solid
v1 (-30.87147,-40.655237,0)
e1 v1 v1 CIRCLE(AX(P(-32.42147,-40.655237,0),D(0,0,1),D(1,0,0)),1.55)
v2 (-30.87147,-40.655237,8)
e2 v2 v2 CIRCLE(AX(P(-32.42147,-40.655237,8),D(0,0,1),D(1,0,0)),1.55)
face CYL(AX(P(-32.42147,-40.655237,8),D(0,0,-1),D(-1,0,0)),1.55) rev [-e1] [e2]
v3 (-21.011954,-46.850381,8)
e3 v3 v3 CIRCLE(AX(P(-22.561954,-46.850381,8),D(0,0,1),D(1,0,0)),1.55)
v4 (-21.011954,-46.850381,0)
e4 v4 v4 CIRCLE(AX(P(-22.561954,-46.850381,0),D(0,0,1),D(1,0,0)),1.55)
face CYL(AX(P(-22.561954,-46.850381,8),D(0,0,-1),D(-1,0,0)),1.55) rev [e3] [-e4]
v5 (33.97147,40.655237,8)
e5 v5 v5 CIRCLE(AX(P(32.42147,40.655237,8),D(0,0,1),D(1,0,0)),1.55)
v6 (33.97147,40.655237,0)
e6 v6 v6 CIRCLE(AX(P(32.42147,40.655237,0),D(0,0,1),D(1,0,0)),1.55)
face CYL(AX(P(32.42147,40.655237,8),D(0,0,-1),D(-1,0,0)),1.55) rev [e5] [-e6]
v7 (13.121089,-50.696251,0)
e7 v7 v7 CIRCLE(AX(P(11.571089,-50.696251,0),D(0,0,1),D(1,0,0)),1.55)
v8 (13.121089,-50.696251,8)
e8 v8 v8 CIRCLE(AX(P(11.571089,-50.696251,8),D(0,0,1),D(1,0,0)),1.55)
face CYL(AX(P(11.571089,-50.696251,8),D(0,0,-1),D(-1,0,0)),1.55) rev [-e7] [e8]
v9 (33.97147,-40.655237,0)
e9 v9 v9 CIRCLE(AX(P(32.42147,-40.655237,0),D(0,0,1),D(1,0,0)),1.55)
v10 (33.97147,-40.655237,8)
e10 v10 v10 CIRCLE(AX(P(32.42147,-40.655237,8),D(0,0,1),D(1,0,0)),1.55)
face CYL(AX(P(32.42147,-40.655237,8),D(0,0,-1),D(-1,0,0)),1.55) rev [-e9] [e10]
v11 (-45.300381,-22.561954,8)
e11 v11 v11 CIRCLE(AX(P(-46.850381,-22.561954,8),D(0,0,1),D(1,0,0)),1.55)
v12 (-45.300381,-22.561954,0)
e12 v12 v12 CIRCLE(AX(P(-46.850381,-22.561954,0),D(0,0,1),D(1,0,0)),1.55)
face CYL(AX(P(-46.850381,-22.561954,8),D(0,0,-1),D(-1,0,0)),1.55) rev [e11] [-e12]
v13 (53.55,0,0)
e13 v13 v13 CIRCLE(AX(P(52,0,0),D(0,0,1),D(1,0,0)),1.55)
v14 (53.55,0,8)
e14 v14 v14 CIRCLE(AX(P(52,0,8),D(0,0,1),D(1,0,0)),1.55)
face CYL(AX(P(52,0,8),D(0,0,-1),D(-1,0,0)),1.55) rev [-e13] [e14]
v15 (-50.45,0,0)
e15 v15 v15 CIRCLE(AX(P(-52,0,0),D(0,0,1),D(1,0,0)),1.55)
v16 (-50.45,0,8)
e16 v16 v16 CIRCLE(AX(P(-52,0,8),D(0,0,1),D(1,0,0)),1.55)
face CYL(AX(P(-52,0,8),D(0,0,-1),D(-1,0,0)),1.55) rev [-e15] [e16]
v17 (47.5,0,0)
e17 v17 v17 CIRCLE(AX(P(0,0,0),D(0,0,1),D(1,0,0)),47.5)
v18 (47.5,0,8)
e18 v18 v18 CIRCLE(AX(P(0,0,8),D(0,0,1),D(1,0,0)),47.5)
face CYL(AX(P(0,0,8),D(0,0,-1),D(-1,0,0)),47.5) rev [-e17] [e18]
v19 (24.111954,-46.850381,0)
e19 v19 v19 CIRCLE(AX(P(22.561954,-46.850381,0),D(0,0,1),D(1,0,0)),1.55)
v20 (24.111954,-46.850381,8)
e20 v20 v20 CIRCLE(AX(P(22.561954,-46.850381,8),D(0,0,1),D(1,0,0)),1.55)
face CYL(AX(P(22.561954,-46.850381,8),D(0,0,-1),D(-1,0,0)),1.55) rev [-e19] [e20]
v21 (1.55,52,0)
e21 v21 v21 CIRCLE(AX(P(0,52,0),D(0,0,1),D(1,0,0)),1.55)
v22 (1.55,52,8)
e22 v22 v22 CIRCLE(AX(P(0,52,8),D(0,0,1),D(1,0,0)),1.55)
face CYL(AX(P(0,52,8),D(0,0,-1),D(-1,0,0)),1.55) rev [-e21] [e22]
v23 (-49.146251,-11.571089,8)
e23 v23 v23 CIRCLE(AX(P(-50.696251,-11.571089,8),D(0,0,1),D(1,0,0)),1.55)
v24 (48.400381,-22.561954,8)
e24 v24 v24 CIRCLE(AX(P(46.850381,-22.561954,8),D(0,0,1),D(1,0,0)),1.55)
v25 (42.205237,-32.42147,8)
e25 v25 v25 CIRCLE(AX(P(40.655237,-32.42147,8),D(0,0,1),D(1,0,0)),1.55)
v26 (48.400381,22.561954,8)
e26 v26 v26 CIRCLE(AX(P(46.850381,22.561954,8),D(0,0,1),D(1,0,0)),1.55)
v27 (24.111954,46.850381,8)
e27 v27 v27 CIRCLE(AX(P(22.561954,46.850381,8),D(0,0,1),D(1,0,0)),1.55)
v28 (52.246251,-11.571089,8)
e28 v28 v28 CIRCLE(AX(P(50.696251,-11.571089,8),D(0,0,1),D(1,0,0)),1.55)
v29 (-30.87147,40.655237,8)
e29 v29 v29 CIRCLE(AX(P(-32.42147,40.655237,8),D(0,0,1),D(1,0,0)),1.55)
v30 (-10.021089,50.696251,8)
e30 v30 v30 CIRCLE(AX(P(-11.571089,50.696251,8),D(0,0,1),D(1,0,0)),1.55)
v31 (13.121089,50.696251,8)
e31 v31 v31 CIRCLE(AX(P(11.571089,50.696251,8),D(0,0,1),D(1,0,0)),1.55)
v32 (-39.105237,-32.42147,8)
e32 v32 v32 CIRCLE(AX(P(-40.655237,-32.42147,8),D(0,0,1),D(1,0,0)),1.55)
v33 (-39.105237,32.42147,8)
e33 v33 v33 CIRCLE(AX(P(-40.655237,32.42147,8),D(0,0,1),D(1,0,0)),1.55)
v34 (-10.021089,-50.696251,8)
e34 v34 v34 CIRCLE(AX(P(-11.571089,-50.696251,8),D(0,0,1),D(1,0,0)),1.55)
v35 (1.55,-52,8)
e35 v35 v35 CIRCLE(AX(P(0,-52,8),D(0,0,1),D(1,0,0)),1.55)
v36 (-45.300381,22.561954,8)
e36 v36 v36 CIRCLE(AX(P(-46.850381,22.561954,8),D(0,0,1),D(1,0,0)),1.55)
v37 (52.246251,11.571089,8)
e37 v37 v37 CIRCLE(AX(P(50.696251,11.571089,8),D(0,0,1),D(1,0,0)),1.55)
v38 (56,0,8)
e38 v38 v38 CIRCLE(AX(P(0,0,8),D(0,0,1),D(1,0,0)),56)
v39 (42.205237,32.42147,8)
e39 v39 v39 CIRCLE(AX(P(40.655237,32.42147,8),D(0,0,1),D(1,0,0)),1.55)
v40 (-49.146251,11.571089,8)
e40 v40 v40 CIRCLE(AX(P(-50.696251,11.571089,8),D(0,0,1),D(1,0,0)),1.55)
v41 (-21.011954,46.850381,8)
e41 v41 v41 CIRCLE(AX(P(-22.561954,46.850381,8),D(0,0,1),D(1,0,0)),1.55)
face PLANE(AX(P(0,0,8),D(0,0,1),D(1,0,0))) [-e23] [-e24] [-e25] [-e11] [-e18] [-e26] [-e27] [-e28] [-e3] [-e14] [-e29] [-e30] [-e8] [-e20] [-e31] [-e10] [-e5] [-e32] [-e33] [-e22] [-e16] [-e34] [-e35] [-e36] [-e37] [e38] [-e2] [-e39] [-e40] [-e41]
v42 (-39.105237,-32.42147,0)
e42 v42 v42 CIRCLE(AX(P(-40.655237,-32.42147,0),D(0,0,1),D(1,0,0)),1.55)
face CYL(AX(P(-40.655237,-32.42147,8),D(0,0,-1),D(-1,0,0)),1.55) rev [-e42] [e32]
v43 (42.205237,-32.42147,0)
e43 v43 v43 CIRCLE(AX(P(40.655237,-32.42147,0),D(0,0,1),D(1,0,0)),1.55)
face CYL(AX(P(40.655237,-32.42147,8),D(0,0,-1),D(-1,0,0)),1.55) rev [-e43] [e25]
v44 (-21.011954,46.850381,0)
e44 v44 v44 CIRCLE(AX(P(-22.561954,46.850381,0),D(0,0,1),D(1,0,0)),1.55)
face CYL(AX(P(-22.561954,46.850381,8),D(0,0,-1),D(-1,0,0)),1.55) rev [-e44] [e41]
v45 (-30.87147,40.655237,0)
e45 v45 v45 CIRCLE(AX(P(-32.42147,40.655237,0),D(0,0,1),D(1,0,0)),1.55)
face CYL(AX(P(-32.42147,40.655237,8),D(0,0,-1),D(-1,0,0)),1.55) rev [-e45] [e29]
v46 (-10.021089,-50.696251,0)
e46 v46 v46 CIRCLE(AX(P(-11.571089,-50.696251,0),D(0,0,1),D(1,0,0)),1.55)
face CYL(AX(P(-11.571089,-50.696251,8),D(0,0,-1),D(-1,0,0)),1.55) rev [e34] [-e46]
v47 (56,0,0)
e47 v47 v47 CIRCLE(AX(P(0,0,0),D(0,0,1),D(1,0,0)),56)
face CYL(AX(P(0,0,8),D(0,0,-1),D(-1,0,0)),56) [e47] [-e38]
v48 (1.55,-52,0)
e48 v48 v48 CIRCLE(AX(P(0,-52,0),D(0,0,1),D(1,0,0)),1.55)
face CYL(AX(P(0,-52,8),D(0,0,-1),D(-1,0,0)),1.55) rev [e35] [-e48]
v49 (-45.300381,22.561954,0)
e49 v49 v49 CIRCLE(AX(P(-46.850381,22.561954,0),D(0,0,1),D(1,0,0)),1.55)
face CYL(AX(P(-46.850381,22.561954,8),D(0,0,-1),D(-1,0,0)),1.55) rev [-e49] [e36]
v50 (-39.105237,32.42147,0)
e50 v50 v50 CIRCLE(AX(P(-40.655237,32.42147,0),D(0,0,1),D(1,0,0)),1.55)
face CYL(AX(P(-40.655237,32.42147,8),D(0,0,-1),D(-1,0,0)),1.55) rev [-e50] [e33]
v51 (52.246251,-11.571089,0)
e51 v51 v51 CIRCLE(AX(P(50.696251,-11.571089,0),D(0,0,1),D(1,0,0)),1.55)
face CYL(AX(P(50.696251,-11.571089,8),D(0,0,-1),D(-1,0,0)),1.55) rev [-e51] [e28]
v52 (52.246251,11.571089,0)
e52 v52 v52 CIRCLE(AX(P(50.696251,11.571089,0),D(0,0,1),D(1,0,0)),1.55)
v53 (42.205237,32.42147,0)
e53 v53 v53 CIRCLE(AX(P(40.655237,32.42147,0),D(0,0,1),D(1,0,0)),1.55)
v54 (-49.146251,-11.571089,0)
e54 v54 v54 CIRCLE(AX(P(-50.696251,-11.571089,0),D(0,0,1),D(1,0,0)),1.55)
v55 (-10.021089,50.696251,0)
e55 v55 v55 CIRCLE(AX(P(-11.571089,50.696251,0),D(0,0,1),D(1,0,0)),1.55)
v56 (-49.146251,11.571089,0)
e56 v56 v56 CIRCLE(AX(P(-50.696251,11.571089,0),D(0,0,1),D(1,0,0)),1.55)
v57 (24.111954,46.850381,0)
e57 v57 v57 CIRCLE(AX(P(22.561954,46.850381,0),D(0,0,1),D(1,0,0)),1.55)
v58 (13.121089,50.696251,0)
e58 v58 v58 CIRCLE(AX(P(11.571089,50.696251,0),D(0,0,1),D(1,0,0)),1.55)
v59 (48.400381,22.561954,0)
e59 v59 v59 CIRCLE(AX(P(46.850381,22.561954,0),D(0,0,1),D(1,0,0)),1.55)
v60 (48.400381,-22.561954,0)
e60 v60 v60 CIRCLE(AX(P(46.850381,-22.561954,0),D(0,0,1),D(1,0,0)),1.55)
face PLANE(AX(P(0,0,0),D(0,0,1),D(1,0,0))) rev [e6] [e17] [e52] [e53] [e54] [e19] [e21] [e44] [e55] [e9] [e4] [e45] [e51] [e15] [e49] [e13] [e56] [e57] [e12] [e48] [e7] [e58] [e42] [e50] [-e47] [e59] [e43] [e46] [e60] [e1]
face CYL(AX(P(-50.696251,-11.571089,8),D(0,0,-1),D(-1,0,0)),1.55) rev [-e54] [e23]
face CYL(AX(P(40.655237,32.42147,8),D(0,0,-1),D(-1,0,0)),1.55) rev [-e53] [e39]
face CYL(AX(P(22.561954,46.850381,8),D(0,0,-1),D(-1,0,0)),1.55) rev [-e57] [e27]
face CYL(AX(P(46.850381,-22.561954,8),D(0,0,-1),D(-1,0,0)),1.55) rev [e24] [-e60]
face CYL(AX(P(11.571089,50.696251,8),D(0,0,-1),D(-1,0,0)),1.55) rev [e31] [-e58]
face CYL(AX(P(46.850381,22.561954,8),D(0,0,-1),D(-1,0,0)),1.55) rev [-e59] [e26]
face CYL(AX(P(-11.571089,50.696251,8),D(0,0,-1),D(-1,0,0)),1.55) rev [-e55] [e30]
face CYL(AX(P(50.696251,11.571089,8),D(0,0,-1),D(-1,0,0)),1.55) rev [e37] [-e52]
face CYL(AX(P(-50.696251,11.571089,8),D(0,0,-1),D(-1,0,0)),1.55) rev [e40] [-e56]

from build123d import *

# Parameters (mm, degrees)
SKETCH_1_R      = 56
SKETCH_1_R_2    = 47.5
SKETCH_1_R_3    = 1.55
EXTRUDE_1_DEPTH = 8


with BuildPart() as part:
    # 草图1 → 凸台-拉伸1 (new body)
    with BuildSketch(Plane.XY):
        Circle(SKETCH_1_R)
        Circle(SKETCH_1_R_2, mode=Mode.SUBTRACT)
        with Locations((0, 52)):
            Circle(SKETCH_1_R_3, mode=Mode.SUBTRACT)
        with Locations((11.571088566, 50.696251433)):
            Circle(SKETCH_1_R_3, mode=Mode.SUBTRACT)
        with Locations((22.561954434, 46.850381131)):
            Circle(SKETCH_1_R_3, mode=Mode.SUBTRACT)
        with Locations((32.421469697, 40.655237088)):
            Circle(SKETCH_1_R_3, mode=Mode.SUBTRACT)
        with Locations((40.655237088, 32.421469697)):
            Circle(SKETCH_1_R_3, mode=Mode.SUBTRACT)
        with Locations((46.850381131, 22.561954434)):
            Circle(SKETCH_1_R_3, mode=Mode.SUBTRACT)
        with Locations((50.696251433, 11.571088566)):
            Circle(SKETCH_1_R_3, mode=Mode.SUBTRACT)
        with Locations((52, 0)):
            Circle(SKETCH_1_R_3, mode=Mode.SUBTRACT)
        with Locations((50.696251433, -11.571088566)):
            Circle(SKETCH_1_R_3, mode=Mode.SUBTRACT)
        with Locations((46.850381131, -22.561954434)):
            Circle(SKETCH_1_R_3, mode=Mode.SUBTRACT)
        with Locations((40.655237088, -32.421469697)):
            Circle(SKETCH_1_R_3, mode=Mode.SUBTRACT)
        with Locations((32.421469697, -40.655237088)):
            Circle(SKETCH_1_R_3, mode=Mode.SUBTRACT)
        with Locations((22.561954434, -46.850381131)):
            Circle(SKETCH_1_R_3, mode=Mode.SUBTRACT)
        with Locations((11.571088566, -50.696251433)):
            Circle(SKETCH_1_R_3, mode=Mode.SUBTRACT)
        with Locations((0, -52)):
            Circle(SKETCH_1_R_3, mode=Mode.SUBTRACT)
        with Locations((-11.571088566, -50.696251433)):
            Circle(SKETCH_1_R_3, mode=Mode.SUBTRACT)
        with Locations((-22.561954434, -46.850381131)):
            Circle(SKETCH_1_R_3, mode=Mode.SUBTRACT)
        with Locations((-32.421469697, -40.655237088)):
            Circle(SKETCH_1_R_3, mode=Mode.SUBTRACT)
        with Locations((-40.655237088, -32.421469697)):
            Circle(SKETCH_1_R_3, mode=Mode.SUBTRACT)
        with Locations((-46.850381131, -22.561954434)):
            Circle(SKETCH_1_R_3, mode=Mode.SUBTRACT)
        with Locations((-50.696251433, -11.571088566)):
            Circle(SKETCH_1_R_3, mode=Mode.SUBTRACT)
        with Locations((-52, 0)):
            Circle(SKETCH_1_R_3, mode=Mode.SUBTRACT)
        with Locations((-50.696251433, 11.571088566)):
            Circle(SKETCH_1_R_3, mode=Mode.SUBTRACT)
        with Locations((-46.850381131, 22.561954434)):
            Circle(SKETCH_1_R_3, mode=Mode.SUBTRACT)
        with Locations((-40.655237088, 32.421469697)):
            Circle(SKETCH_1_R_3, mode=Mode.SUBTRACT)
        with Locations((-32.421469697, 40.655237088)):
            Circle(SKETCH_1_R_3, mode=Mode.SUBTRACT)
        with Locations((-22.561954434, 46.850381131)):
            Circle(SKETCH_1_R_3, mode=Mode.SUBTRACT)
        with Locations((-11.571088566, 50.696251433)):
            Circle(SKETCH_1_R_3, mode=Mode.SUBTRACT)
    extrude(amount=EXTRUDE_1_DEPTH)


solid = part.part
